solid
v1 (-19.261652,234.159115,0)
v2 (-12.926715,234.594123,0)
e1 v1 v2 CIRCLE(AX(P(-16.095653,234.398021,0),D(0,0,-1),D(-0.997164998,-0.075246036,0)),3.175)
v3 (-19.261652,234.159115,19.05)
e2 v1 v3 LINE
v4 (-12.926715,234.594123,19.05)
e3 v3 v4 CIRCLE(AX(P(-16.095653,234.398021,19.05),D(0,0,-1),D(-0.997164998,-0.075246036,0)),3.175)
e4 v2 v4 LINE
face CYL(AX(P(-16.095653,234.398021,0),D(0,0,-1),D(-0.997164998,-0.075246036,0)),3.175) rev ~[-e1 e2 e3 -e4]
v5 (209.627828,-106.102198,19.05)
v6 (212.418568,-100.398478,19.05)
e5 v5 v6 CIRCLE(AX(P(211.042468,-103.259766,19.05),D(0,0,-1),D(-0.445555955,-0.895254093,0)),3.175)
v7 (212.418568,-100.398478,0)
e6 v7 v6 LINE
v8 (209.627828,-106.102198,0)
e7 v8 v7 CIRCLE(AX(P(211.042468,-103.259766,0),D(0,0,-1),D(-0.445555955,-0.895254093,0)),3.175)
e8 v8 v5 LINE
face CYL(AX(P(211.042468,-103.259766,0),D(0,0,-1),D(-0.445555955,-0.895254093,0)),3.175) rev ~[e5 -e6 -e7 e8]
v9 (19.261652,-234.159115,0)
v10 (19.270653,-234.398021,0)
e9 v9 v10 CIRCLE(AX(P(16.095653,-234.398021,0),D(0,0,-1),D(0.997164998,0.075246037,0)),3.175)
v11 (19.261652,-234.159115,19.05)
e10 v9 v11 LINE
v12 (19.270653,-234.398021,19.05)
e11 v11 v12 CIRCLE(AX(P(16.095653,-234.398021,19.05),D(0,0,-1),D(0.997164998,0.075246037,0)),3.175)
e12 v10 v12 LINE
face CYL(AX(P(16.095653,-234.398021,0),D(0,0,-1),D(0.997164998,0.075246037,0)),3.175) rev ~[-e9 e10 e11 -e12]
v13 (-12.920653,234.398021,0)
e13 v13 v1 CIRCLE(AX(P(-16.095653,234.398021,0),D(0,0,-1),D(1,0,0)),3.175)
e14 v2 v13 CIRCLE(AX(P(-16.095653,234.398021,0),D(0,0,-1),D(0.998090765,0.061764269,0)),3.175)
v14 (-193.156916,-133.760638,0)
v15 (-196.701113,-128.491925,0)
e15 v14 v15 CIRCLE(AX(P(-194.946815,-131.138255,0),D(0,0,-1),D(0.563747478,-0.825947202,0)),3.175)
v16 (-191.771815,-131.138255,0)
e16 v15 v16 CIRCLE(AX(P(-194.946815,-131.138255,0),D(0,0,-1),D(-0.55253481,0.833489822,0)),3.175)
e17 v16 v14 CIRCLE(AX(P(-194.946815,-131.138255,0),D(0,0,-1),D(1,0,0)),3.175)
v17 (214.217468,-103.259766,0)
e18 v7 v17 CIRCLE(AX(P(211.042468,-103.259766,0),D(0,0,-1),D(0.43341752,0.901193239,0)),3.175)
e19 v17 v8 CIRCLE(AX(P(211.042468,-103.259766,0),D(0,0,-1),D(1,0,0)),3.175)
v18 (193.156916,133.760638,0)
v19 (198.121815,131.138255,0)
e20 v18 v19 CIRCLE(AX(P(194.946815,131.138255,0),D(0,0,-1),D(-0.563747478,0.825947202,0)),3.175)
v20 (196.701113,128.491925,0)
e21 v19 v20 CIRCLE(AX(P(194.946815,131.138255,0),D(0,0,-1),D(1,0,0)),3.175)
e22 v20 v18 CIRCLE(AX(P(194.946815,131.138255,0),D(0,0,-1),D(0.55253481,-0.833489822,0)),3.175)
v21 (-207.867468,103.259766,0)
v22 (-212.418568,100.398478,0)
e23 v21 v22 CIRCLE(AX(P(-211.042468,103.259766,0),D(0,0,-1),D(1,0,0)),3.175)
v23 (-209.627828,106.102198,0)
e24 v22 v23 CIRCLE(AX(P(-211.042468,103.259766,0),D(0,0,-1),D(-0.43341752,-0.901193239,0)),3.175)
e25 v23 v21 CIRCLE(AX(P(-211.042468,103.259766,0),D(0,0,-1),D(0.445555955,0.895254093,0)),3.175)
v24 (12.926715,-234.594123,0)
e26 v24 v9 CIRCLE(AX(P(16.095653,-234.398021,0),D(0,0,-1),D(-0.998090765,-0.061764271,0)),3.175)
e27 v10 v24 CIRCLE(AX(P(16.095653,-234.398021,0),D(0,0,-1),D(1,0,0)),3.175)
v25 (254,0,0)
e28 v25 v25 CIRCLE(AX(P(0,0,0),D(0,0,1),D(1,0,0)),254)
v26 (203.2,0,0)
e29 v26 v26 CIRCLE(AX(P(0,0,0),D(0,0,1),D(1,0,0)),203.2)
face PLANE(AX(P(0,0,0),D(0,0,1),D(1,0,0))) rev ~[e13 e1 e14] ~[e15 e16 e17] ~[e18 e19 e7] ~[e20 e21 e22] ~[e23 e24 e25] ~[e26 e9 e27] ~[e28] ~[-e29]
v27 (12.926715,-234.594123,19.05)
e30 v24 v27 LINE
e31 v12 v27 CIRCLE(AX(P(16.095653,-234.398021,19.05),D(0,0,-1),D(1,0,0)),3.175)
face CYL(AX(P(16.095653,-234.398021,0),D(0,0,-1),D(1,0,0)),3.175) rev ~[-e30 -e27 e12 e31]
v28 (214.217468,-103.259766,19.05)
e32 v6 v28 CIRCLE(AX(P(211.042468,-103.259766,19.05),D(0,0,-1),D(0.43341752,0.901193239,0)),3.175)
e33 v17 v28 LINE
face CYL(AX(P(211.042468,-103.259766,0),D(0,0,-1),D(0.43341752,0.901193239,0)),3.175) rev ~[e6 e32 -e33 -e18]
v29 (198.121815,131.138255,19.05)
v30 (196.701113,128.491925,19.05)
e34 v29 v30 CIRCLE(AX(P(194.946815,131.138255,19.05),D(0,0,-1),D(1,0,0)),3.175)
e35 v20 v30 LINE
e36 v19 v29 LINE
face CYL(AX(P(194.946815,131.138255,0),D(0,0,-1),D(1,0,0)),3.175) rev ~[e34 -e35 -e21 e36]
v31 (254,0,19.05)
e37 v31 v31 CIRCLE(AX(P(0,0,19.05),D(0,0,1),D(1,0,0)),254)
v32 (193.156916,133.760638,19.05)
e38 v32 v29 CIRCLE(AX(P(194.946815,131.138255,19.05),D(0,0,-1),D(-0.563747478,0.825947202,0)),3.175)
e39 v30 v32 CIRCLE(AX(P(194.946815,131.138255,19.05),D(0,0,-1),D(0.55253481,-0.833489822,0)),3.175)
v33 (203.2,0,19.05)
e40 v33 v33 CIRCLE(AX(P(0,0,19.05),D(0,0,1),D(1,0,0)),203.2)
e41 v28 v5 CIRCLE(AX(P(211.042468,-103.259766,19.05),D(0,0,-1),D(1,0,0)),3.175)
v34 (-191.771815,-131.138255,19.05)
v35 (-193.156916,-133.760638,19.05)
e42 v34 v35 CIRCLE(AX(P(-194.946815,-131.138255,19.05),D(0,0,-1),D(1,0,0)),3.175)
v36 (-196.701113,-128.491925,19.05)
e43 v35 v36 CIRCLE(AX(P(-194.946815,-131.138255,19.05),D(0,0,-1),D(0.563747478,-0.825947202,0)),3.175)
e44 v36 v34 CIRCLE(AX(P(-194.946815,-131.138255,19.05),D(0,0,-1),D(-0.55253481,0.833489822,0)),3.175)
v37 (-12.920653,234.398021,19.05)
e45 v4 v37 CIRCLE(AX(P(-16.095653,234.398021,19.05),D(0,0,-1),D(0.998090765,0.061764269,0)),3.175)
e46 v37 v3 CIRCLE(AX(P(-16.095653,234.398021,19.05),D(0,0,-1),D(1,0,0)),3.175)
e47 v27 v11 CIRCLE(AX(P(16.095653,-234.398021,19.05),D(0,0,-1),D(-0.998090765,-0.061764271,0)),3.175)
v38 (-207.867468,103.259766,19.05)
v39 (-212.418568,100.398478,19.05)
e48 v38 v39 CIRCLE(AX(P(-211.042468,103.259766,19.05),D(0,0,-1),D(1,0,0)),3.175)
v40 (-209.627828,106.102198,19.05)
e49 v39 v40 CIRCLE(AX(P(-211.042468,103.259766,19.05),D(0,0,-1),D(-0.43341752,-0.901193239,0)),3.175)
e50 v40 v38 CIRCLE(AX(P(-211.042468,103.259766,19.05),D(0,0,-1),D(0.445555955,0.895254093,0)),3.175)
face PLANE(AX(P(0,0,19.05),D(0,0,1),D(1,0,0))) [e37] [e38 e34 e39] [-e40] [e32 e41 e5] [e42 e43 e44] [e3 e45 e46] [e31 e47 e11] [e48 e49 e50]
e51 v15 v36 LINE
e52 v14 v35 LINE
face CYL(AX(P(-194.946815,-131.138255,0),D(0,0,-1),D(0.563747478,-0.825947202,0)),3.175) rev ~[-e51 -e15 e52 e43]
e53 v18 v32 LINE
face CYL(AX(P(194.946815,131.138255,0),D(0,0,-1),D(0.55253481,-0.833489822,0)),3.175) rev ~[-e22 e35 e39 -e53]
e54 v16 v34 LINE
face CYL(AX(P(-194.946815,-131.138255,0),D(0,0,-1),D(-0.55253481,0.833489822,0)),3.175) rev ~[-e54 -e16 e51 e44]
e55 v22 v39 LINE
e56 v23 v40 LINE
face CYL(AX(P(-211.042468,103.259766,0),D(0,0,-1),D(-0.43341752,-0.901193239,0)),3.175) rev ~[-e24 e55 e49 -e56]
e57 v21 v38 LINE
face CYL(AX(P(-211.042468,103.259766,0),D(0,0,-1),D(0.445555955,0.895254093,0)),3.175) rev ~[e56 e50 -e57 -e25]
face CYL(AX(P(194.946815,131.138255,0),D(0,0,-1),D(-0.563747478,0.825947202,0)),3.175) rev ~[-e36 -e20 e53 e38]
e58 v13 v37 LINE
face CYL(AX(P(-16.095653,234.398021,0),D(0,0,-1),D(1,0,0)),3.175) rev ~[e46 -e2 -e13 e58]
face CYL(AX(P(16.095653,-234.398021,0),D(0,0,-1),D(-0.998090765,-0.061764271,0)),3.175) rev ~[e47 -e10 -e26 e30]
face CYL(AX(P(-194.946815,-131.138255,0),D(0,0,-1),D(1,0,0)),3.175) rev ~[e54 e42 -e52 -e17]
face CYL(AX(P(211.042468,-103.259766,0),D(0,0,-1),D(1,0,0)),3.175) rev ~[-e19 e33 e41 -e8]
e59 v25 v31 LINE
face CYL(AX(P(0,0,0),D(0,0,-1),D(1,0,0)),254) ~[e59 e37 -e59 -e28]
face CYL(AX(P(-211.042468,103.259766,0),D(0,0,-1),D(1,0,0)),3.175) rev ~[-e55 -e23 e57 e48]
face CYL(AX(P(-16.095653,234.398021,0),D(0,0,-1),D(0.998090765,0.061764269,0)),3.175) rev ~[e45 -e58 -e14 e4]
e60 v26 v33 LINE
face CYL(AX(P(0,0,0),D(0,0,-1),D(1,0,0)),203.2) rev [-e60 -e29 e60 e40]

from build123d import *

# Parameters (mm, degrees)
F0_R     = 254
F0_R_2   = 203.2
F1_DEPTH = 19.05


with BuildPart() as f1:
    # F0 (on Top) → F1 (new body)
    with BuildSketch(Plane.XY):
        Circle(F0_R)
        with BuildLine():
            ThreePointArc((196.7011125508, 128.4919251209), (225.1848450649, 67.0319927579), (234.95, 0))
            ThreePointArc((234.95, 0), (229.2479499847, -51.4478369596), (212.4185683948, -100.3984775836))
            ThreePointArc((212.4185683948, -100.3984775836), (213.7303800146, -101.5698688542), (214.2174677682, -103.259766116))
            ThreePointArc((214.2174677682, -103.259766116), (212.7141648851, -105.9590352298), (209.6278276113, -106.1021978612))
            ThreePointArc((209.6278276113, -106.1021978612), (131.1382553066, -194.9468145294), (19.2616521087, -234.1591152572))
            ThreePointArc((19.2616521087, -234.1591152572), (19.2684021583, -234.2784835874), (19.2706532388, -234.3980214226))
            ThreePointArc((19.2706532388, -234.3980214226), (16.1937508526, -237.5715056053), (12.9267150604, -234.5941229821))
            ThreePointArc((12.9267150604, -234.5941229821), (-103.259766116, -211.0424677682), (-193.1569162861, -133.7606376736))
            ThreePointArc((-193.1569162861, -133.7606376736), (-197.5812309419, -132.9103938918), (-196.7011125508, -128.4919251209))
            ThreePointArc((-196.7011125508, -128.4919251209), (-234.3980214226, -16.0956532388), (-212.4185683948, 100.3984775836))
            ThreePointArc((-212.4185683948, 100.3984775836), (-213.8943930083, 104.6551683608), (-209.6278276113, 106.1021978612))
            ThreePointArc((-209.6278276113, 106.1021978612), (-131.1382553066, 194.9468145294), (-19.2616521087, 234.1591152572))
            ThreePointArc((-19.2616521087, 234.1591152572), (-16.3131620664, 237.5655622526), (-12.9267150604, 234.5941229821))
            ThreePointArc((-12.9267150604, 234.5941229821), (103.259766116, 211.0424677682), (193.1569162861, 133.7606376736))
            ThreePointArc((193.1569162861, 133.7606376736), (196.4296661871, 133.9457053883), (198.1218145294, 131.1382553066))
            ThreePointArc((198.1218145294, 131.1382553066), (197.744181257, 129.6364682408), (196.7011125508, 128.4919251209))
        make_face(mode=Mode.SUBTRACT)
        with BuildLine():
            ThreePointArc((212.4185683948, -100.3984775836), (229.2479499847, -51.4478369596), (234.95, 0))
            ThreePointArc((234.95, 0), (225.1848450649, 67.0319927579), (196.7011125508, 128.4919251209))
            ThreePointArc((196.7011125508, 128.4919251209), (192.3123981168, 129.3661167214), (193.1569162861, 133.7606376736))
            ThreePointArc((193.1569162861, 133.7606376736), (103.259766116, 211.0424677682), (-12.9267150604, 234.5941229821))
            ThreePointArc((-12.9267150604, 234.5941229821), (-12.9221690561, 234.4961190364), (-12.9206532388, 234.3980214226))
            ThreePointArc((-12.9206532388, 234.3980214226), (-15.9761154036, 231.2252725031), (-19.2616521087, 234.1591152572))
            ThreePointArc((-19.2616521087, 234.1591152572), (-131.1382553066, 194.9468145294), (-209.6278276113, 106.1021978612))
            ThreePointArc((-209.6278276113, 106.1021978612), (-208.3431986543, 104.931463233), (-207.8674677682, 103.259766116))
            ThreePointArc((-207.8674677682, 103.259766116), (-209.3525705064, 100.5718538695), (-212.4185683948, 100.3984775836))
            ThreePointArc((-212.4185683948, 100.3984775836), (-234.3980214226, -16.0956532388), (-196.7011125508, -128.4919251209))
            ThreePointArc((-196.7011125508, -128.4919251209), (-193.4450274636, -128.3408885789), (-191.7718145294, -131.1382553066))
            ThreePointArc((-191.7718145294, -131.1382553066), (-192.1393644477, -132.6211069643), (-193.1569162861, -133.7606376736))
            ThreePointArc((-193.1569162861, -133.7606376736), (-103.259766116, -211.0424677682), (12.9267150604, -234.5941229821))
            ThreePointArc((12.9267150604, -234.5941229821), (15.8781444113, -231.2304805925), (19.2616521087, -234.1591152572))
            ThreePointArc((19.2616521087, -234.1591152572), (131.1382553066, -194.9468145294), (209.6278276113, -106.1021978612))
            ThreePointArc((209.6278276113, -106.1021978612), (208.190542528, -101.8643638712), (212.4185683948, -100.3984775836))
        make_face()
        Circle(F0_R_2, mode=Mode.SUBTRACT)
    extrude(amount=F1_DEPTH)


solid = f1.part
